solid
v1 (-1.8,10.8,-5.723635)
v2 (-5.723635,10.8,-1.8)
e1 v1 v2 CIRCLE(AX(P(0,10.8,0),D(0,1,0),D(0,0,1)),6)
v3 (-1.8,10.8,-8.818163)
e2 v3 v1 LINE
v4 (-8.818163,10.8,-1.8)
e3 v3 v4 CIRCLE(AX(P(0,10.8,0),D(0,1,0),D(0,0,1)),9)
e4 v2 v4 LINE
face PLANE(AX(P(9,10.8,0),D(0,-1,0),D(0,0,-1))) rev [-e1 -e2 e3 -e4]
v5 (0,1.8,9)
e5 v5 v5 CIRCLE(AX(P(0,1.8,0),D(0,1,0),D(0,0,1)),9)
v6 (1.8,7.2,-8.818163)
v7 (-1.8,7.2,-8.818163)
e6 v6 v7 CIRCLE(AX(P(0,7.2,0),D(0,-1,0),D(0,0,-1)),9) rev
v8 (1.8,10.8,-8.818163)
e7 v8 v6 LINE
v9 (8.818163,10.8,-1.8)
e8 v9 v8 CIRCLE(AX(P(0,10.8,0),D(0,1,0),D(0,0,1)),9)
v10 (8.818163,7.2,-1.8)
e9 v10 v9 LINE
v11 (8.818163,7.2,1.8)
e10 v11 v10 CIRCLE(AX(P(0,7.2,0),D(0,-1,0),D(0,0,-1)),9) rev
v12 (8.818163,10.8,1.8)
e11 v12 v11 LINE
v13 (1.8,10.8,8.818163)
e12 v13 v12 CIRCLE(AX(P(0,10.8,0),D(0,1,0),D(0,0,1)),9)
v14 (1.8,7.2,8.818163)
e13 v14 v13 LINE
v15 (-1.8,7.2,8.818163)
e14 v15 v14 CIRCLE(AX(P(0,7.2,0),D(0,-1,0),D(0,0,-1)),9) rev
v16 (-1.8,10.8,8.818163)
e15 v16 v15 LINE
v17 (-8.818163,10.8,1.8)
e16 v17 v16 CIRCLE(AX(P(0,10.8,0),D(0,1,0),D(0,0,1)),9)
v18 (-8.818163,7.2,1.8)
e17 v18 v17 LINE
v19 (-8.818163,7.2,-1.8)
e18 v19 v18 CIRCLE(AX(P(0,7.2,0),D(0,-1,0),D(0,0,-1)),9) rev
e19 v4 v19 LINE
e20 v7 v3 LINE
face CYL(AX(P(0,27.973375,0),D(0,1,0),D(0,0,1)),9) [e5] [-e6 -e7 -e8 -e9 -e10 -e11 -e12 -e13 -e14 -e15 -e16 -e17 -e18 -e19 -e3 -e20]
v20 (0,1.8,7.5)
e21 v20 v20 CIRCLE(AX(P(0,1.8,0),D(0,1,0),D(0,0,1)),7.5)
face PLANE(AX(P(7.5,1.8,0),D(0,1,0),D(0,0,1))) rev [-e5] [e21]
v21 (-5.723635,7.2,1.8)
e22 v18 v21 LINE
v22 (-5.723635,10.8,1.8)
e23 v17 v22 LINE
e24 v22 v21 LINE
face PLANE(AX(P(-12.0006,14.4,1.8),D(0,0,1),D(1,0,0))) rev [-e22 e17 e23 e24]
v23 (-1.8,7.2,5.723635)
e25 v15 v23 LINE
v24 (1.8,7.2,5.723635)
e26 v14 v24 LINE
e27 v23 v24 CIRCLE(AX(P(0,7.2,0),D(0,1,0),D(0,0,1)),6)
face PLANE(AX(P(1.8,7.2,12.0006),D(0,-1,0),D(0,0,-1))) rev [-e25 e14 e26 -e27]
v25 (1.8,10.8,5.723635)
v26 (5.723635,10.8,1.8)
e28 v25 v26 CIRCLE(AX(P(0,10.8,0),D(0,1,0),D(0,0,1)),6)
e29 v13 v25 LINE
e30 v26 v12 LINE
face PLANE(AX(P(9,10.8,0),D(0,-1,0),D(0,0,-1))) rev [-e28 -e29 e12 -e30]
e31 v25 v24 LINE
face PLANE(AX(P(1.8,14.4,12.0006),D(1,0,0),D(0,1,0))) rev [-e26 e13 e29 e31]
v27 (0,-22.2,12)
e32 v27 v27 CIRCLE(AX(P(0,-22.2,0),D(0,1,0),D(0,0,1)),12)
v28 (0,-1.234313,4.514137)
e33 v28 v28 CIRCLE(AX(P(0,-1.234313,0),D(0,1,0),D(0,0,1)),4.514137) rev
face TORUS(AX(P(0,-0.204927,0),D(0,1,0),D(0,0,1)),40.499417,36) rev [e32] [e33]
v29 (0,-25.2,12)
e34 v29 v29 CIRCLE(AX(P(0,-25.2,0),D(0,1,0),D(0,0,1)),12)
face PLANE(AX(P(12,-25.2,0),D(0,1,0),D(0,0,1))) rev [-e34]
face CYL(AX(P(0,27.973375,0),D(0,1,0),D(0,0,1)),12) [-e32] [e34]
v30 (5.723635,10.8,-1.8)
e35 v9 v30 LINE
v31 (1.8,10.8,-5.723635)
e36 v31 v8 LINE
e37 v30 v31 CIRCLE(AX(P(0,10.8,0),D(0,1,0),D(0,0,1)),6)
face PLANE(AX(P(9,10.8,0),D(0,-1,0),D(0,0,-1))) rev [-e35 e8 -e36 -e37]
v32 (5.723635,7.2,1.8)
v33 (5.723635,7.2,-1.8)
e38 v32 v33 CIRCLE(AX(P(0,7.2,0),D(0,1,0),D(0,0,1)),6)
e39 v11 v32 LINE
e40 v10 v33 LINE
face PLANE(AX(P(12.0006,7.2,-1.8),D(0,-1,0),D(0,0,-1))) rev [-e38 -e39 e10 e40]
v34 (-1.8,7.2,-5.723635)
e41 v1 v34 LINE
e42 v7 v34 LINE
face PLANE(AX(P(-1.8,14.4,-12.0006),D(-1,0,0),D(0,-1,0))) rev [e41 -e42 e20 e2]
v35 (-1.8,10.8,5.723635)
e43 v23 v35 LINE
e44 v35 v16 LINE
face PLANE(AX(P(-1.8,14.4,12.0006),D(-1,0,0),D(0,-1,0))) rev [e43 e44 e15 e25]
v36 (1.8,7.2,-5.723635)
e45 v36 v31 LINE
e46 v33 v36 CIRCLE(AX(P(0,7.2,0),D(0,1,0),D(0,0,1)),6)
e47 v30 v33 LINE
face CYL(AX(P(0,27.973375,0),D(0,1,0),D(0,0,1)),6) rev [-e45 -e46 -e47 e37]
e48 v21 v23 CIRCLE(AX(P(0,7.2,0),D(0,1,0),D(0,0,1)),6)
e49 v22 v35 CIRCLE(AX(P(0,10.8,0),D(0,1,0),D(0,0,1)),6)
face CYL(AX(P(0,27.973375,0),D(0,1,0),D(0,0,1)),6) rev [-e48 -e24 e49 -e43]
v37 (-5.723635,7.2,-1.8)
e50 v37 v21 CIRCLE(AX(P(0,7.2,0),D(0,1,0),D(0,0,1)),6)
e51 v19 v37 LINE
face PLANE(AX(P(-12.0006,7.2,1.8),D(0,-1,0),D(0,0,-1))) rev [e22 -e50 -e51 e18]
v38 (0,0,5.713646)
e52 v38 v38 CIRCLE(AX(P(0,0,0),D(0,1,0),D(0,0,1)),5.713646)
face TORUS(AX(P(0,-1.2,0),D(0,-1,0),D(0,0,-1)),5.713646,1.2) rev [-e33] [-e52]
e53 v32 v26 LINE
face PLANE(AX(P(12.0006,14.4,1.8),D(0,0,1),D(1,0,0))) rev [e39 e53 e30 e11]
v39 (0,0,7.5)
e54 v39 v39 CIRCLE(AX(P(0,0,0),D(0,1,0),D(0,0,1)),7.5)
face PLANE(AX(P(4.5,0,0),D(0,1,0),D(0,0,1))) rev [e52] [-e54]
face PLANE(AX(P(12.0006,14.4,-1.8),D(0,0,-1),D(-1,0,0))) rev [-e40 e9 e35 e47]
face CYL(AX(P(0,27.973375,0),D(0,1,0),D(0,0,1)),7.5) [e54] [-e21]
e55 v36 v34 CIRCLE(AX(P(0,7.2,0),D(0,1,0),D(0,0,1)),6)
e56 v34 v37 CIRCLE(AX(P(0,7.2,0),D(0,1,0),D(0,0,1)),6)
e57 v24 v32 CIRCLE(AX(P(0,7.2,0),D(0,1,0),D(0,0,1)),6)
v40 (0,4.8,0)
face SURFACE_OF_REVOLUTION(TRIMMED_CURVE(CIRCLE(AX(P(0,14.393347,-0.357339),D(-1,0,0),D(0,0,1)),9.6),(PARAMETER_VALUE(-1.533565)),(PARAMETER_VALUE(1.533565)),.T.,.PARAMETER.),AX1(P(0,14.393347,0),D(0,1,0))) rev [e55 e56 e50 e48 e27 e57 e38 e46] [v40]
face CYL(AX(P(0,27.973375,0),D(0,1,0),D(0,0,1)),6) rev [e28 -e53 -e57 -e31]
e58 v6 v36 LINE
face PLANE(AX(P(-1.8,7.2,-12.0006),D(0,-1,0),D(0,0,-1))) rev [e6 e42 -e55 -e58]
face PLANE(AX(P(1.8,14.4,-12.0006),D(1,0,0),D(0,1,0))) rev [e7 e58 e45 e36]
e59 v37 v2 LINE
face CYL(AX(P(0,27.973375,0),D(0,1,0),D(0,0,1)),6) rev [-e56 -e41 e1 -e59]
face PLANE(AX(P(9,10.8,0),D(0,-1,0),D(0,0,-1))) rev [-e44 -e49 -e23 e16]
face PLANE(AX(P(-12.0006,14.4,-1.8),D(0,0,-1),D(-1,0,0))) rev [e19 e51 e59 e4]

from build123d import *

# Parameters (mm, degrees)
FILLET1_R               = 2
CUT_EXTRUDE1_REACH      = 52.636
CUT_EXTRUDE1_END_RADIUS = 15
SKETCH2_W               = 6
SKETCH2_H               = 12
CIRPATTERN1_COUNT       = 4
SCALE_1_SCALE           = 0.6


with BuildPart() as part:
    # Sketch1 → Revolve1 (revolve)
    with BuildSketch(Plane.XY, mode=Mode.PRIVATE) as revolve1_sk:
        with BuildLine():
            Line((20, -37), (20, -42))
            Line((20, -42), (0, -42))
            Line((0, -42), (0, 0))
            Line((0, 0), (0, 8))
            ThreePointArc((0, 8), (5.346686076, 9.133284811), (10, 12))
            Line((10, 12), (10, 18))
            Line((10, 18), (15, 18))
            Line((15, 18), (15, 3))
            Line((15, 3), (12.5, 3))
            Line((12.5, 3), (12.5, 0))
            Line((12.5, 0), (7.5, 0))
            ThreePointArc((7.5, 0), (10.655312326, -19.545502593), (20, -37))
        make_face()
    revolve(revolve1_sk.sketch.rotate(Axis((0, 46.622291022, 0), (0, -1, 0)), 90), axis=Axis((0, 46.622291022, 0), (0, -1, 0)))

    # Fillet1
    fillet1_edges = [part.edges().sort_by_distance(p)[0] for p in [
        (0, 0, -7.5),
    ]]
    fillet(fillet1_edges, radius=FILLET1_R)

    # Cut-Extrude1: up to this cylinder (the profile starts inside it)
    cut_extrude1_end = Plane(origin=(0, 18, 0), z_dir=(0, 1, 0)) * Cylinder(CUT_EXTRUDE1_END_RADIUS, 136.272, mode=Mode.PRIVATE)
    # Sketch2 → Cut-Extrude1 (cut, up to the surface)
    with BuildSketch(Plane.XY, mode=Mode.PRIVATE) as cut_extrude1_sk1:
        with Locations((0, 18)):
            Rectangle(SKETCH2_W, SKETCH2_H)
    cut_extrude1_tool1 = extrude(cut_extrude1_sk1.sketch, amount=-CUT_EXTRUDE1_REACH, mode=Mode.PRIVATE) & cut_extrude1_end
    cut_extrude1 = cut_extrude1_tool1.solids().sort_by_distance((0, 18, 0))[0]
    add(cut_extrude1, mode=Mode.SUBTRACT)

    # CirPattern1: Cut-Extrude1 ×4 about axis
    cirpattern1_axis = Axis((0, 0, 0), (0, 1, 0))
    for i in range(1, CIRPATTERN1_COUNT):
        add(cut_extrude1.rotate(cirpattern1_axis, i * 360 / CIRPATTERN1_COUNT), mode=Mode.SUBTRACT)


with BuildPart() as part_1:
    # 缩放比例1: scaled about (0, 0, 0)
    add(part.part.scale(SCALE_1_SCALE))


solid = part_1.part
